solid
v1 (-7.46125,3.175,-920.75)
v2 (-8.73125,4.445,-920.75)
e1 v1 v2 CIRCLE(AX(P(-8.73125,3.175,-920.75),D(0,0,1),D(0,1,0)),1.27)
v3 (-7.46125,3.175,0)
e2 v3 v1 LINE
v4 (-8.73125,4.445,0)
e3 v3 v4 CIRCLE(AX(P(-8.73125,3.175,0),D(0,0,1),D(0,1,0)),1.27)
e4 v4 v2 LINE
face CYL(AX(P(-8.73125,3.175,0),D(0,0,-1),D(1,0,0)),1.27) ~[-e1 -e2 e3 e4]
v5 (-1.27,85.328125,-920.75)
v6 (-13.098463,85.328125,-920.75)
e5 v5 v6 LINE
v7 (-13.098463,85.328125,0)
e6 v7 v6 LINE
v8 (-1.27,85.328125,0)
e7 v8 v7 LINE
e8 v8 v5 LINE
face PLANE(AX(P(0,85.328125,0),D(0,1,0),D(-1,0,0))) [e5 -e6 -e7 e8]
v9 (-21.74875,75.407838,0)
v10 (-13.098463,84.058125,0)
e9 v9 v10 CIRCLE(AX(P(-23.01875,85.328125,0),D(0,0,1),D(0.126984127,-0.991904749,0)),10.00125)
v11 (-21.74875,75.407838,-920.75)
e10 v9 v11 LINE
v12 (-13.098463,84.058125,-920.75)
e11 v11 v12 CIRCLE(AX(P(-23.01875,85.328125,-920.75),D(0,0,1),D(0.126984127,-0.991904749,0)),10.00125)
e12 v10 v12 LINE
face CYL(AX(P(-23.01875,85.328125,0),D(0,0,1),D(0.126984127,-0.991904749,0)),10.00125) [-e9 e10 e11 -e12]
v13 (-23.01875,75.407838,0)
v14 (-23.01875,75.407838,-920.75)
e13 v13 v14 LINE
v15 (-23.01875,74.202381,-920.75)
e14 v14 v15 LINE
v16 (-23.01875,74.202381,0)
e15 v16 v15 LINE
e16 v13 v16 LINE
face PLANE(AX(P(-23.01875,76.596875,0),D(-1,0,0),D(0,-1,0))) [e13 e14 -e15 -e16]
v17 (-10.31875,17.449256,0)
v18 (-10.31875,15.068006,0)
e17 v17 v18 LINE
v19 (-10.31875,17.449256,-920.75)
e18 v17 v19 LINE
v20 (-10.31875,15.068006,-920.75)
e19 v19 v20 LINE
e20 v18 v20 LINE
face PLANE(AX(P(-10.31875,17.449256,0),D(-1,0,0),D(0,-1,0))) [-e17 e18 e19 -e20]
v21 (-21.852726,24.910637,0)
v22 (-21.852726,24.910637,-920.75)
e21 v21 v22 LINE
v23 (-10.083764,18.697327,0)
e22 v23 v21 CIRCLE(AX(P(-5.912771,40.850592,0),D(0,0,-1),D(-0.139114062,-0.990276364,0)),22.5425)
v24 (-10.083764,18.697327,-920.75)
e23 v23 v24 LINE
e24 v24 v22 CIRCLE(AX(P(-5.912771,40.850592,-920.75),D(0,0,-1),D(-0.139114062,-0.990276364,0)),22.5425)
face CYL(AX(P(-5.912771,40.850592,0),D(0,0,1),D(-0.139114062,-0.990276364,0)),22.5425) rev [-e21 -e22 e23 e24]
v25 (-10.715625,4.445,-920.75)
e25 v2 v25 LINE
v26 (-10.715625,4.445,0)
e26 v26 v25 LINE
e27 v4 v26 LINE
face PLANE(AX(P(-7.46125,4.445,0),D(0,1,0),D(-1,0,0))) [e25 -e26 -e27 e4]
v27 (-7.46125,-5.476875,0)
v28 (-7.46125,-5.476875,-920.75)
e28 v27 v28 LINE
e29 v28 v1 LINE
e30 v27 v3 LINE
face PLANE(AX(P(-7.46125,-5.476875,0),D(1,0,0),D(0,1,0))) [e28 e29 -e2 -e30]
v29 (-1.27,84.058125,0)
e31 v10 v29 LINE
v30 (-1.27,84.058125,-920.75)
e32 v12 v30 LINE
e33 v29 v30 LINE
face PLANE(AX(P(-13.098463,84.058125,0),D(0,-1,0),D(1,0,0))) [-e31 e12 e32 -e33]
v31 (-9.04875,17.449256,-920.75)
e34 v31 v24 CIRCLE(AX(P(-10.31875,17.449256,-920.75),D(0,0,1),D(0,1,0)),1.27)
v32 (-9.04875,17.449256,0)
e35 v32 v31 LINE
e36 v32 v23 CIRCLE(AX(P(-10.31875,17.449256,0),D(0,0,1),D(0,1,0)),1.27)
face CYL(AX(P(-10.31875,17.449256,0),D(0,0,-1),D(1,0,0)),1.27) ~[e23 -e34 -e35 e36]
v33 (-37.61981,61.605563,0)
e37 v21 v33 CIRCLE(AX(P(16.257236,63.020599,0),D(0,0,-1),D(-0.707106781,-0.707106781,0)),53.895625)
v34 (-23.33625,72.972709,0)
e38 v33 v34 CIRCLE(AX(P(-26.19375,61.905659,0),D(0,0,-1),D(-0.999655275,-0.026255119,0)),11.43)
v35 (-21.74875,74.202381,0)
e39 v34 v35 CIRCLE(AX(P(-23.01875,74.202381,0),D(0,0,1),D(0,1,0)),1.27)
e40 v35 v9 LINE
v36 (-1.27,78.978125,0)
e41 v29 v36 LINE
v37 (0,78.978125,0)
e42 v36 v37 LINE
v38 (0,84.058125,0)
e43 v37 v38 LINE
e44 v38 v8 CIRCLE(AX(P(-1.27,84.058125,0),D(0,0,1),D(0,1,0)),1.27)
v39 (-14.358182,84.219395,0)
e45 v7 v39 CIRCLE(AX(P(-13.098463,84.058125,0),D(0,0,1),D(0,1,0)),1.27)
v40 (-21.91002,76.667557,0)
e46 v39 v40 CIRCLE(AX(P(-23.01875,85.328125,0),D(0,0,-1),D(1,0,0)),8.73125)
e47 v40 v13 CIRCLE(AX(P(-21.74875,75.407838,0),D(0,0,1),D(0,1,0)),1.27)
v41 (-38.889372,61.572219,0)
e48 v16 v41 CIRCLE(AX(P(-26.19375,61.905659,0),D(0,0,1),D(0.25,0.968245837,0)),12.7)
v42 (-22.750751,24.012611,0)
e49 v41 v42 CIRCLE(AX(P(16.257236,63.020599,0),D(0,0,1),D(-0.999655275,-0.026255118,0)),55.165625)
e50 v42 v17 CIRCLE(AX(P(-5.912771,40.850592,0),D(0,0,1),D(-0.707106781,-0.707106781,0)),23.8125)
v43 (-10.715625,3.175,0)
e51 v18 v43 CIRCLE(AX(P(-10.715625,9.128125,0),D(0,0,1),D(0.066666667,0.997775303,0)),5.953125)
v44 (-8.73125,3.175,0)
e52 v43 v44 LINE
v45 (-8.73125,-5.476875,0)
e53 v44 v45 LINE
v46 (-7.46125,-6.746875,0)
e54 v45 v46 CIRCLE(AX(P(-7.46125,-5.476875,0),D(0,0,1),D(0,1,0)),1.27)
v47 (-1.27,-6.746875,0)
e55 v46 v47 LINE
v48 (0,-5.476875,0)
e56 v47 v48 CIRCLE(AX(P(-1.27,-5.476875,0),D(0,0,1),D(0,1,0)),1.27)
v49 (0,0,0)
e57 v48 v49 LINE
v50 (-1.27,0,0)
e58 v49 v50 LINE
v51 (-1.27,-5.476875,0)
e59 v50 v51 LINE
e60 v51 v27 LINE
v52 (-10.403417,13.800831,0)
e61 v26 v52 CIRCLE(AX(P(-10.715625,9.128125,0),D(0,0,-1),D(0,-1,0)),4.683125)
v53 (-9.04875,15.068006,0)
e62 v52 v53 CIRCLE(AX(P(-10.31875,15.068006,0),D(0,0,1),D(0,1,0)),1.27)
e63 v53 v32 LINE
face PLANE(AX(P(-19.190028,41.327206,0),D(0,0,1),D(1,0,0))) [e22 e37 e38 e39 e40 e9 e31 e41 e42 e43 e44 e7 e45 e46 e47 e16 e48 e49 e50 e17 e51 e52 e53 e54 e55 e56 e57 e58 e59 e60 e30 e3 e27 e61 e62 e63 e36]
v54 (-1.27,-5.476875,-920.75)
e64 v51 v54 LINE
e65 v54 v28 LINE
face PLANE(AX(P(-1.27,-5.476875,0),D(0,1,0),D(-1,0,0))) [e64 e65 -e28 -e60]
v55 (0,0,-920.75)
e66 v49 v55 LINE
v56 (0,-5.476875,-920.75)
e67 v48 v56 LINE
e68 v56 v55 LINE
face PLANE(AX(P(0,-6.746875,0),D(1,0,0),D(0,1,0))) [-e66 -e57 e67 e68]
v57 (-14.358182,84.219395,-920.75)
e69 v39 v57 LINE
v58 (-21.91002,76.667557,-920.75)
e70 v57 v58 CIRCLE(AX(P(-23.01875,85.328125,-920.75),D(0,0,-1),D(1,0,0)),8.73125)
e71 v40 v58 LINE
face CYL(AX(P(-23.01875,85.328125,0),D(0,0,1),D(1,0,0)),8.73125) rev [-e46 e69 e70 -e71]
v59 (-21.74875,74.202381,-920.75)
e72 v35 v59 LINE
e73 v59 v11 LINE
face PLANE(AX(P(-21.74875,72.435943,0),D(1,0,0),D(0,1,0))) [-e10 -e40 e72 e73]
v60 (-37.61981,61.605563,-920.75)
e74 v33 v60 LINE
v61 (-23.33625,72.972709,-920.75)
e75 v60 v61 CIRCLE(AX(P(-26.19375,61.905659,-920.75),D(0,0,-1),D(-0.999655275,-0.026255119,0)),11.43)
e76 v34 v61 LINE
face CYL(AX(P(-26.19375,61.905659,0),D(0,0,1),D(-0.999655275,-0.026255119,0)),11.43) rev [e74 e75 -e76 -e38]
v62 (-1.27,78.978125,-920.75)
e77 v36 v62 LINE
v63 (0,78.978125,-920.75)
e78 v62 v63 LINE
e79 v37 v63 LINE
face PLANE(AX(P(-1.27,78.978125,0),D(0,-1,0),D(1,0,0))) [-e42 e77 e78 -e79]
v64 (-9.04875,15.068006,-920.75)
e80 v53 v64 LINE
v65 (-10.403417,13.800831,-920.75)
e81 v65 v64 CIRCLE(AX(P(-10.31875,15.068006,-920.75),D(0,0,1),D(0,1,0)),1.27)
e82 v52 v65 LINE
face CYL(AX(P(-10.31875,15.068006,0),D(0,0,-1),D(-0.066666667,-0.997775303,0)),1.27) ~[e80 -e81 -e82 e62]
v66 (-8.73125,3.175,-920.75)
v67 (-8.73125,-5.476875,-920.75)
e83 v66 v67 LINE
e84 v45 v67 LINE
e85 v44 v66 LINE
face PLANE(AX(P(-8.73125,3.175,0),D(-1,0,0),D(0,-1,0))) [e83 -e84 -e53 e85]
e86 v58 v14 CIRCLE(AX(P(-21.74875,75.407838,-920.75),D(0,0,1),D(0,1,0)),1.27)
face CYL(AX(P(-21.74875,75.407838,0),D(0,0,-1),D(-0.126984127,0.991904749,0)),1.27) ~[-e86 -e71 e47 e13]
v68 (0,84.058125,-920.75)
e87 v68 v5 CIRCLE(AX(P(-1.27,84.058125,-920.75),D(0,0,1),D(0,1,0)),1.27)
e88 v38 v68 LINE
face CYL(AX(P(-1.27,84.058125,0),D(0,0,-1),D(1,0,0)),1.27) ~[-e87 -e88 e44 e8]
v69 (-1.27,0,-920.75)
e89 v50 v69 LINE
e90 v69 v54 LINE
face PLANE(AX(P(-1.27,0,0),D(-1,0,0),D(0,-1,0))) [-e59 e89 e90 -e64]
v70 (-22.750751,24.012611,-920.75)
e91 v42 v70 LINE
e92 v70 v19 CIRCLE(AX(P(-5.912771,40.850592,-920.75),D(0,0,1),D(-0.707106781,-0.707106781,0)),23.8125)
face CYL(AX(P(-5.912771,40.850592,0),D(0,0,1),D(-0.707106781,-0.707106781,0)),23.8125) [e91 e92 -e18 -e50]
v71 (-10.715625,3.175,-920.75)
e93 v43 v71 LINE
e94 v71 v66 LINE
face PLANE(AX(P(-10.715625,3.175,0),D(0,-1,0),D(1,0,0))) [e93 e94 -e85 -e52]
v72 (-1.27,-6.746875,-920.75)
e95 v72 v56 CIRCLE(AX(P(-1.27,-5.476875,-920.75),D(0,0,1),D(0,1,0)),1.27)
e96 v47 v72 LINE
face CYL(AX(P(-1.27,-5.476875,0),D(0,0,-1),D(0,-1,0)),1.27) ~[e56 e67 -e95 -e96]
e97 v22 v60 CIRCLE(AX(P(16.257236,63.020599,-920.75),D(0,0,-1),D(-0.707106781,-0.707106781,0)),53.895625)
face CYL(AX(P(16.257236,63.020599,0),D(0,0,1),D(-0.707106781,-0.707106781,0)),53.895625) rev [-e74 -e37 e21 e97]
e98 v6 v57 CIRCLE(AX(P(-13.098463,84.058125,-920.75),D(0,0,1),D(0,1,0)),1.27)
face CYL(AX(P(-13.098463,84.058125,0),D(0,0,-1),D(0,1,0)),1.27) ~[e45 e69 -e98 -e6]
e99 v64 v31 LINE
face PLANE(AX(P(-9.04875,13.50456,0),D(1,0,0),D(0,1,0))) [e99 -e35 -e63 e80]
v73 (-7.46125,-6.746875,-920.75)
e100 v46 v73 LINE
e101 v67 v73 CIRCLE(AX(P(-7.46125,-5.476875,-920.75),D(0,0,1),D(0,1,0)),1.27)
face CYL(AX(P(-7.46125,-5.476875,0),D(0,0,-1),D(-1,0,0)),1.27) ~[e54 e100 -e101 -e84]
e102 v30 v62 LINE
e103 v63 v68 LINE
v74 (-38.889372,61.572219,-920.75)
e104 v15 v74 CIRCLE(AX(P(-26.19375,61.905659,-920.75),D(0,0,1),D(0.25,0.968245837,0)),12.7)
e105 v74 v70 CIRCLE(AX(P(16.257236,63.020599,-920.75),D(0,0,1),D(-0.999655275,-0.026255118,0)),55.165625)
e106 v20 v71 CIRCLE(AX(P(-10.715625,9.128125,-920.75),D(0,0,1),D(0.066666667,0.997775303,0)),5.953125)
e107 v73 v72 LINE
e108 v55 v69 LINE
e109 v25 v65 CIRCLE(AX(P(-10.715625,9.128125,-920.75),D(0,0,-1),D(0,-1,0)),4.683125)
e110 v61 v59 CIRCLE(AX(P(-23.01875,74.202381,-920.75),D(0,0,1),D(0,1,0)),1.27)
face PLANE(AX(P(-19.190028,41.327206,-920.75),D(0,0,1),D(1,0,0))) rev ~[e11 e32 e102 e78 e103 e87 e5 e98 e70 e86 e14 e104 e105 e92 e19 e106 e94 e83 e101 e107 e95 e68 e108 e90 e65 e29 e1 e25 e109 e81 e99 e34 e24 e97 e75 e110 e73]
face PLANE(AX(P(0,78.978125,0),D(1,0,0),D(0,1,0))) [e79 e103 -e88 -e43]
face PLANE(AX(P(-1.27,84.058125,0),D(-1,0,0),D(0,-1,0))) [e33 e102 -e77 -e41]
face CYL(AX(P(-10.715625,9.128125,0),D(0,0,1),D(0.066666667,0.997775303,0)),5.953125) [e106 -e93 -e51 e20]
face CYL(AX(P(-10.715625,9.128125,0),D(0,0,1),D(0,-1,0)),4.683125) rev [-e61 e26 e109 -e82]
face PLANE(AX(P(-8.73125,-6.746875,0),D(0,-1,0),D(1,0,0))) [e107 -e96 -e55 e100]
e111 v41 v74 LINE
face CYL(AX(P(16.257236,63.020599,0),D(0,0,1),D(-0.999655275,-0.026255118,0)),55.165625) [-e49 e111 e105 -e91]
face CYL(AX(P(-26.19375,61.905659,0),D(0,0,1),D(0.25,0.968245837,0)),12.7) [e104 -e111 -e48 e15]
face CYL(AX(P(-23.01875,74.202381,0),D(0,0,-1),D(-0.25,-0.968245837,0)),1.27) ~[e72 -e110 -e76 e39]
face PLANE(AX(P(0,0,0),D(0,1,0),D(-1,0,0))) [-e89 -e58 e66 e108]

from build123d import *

# Parameters (mm, degrees)
EXTRUDE_THIN1_DEPTH = 920.75
FILLET1_R           = 1.27


with BuildPart() as part:
    # Sketch3 → Extrude-Thin1 (new body)
    with BuildSketch(Plane.XY):
        with BuildLine():
            Line((0, 78.978125), (0, 85.328125))
            Line((0, 85.328125), (-14.2875, 85.328125))
            ThreePointArc((-14.2875, 85.328125), (-16.844823917, 79.154198917), (-23.01875, 76.596875))
            Line((-23.01875, 76.596875), (-23.01875, 74.202381102))
            ThreePointArc((-23.01875, 74.202381102), (-34.102024757, 71.842921697), (-38.889371992, 61.572218972))
            ThreePointArc((-38.889371992, 61.572218972), (-34.427603857, 41.242325722), (-22.75075149, 24.012611469))
            ThreePointArc((-22.75075149, 24.012611469), (-17.030138602, 19.792593223), (-10.31875, 17.449256102))
            Line((-10.31875, 17.449256102), (-10.31875, 15.068006102))
            ThreePointArc((-10.31875, 15.068006102), (-16.665438104, 9.326672958), (-10.715625, 3.175))
            Line((-10.715625, 3.175), (-8.73125, 3.175))
            Line((-8.73125, 3.175), (-8.73125, -6.746875))
            Line((-8.73125, -6.746875), (0, -6.746875))
            Line((0, -6.746875), (0, 0))
            Line((0, 0), (-1.27, 0))
            Line((-1.27, 0), (-1.27, -5.476875))
            Line((-1.27, -5.476875), (-7.46125, -5.476875))
            Line((-7.46125, -5.476875), (-7.46125, 4.445))
            Line((-7.46125, 4.445), (-10.715625, 4.445))
            ThreePointArc((-10.715625, 4.445), (-15.321439486, 9.975552095), (-9.04875, 13.504560479))
            Line((-9.04875, 13.504560479), (-9.04875, 18.527286753))
            ThreePointArc((-9.04875, 18.527286753), (-15.97058408, 20.676234022), (-21.852725878, 24.910637081))
            ThreePointArc((-21.852725878, 24.910637081), (-33.260758622, 41.743696042), (-37.619809793, 61.605562972))
            ThreePointArc((-37.619809793, 61.605562972), (-32.636426474, 71.346888762), (-21.74875, 72.435942687))
            Line((-21.74875, 72.435942687), (-21.74875, 75.407837627))
            ThreePointArc((-21.74875, 75.407837627), (-15.946798305, 78.256173305), (-13.098462627, 84.058125))
            Line((-13.098462627, 84.058125), (-1.27, 84.058125))
            Line((-1.27, 84.058125), (-1.27, 78.978125))
            Line((-1.27, 78.978125), (0, 78.978125))
        make_face()
    extrude(amount=-EXTRUDE_THIN1_DEPTH)

    # Fillet1
    fillet1_edges = [part.edges().sort_by_distance(p)[0] for p in [
        (0, -6.746875, -460.375),
        (-8.73125, -6.746875, -460.375),
        (-23.01875, 76.596875, -460.375),
        (-14.2875, 85.328125, -460.375),
        (0, 85.328125, -460.375),
        (-21.74875, 72.435942687, -460.375),
        (-9.04875, 18.527286753, -460.375),
        (-9.04875, 13.504560479, -460.375),
        (-7.46125, 4.445, -460.375),
    ]]
    fillet(fillet1_edges, radius=FILLET1_R)


solid = part.part
